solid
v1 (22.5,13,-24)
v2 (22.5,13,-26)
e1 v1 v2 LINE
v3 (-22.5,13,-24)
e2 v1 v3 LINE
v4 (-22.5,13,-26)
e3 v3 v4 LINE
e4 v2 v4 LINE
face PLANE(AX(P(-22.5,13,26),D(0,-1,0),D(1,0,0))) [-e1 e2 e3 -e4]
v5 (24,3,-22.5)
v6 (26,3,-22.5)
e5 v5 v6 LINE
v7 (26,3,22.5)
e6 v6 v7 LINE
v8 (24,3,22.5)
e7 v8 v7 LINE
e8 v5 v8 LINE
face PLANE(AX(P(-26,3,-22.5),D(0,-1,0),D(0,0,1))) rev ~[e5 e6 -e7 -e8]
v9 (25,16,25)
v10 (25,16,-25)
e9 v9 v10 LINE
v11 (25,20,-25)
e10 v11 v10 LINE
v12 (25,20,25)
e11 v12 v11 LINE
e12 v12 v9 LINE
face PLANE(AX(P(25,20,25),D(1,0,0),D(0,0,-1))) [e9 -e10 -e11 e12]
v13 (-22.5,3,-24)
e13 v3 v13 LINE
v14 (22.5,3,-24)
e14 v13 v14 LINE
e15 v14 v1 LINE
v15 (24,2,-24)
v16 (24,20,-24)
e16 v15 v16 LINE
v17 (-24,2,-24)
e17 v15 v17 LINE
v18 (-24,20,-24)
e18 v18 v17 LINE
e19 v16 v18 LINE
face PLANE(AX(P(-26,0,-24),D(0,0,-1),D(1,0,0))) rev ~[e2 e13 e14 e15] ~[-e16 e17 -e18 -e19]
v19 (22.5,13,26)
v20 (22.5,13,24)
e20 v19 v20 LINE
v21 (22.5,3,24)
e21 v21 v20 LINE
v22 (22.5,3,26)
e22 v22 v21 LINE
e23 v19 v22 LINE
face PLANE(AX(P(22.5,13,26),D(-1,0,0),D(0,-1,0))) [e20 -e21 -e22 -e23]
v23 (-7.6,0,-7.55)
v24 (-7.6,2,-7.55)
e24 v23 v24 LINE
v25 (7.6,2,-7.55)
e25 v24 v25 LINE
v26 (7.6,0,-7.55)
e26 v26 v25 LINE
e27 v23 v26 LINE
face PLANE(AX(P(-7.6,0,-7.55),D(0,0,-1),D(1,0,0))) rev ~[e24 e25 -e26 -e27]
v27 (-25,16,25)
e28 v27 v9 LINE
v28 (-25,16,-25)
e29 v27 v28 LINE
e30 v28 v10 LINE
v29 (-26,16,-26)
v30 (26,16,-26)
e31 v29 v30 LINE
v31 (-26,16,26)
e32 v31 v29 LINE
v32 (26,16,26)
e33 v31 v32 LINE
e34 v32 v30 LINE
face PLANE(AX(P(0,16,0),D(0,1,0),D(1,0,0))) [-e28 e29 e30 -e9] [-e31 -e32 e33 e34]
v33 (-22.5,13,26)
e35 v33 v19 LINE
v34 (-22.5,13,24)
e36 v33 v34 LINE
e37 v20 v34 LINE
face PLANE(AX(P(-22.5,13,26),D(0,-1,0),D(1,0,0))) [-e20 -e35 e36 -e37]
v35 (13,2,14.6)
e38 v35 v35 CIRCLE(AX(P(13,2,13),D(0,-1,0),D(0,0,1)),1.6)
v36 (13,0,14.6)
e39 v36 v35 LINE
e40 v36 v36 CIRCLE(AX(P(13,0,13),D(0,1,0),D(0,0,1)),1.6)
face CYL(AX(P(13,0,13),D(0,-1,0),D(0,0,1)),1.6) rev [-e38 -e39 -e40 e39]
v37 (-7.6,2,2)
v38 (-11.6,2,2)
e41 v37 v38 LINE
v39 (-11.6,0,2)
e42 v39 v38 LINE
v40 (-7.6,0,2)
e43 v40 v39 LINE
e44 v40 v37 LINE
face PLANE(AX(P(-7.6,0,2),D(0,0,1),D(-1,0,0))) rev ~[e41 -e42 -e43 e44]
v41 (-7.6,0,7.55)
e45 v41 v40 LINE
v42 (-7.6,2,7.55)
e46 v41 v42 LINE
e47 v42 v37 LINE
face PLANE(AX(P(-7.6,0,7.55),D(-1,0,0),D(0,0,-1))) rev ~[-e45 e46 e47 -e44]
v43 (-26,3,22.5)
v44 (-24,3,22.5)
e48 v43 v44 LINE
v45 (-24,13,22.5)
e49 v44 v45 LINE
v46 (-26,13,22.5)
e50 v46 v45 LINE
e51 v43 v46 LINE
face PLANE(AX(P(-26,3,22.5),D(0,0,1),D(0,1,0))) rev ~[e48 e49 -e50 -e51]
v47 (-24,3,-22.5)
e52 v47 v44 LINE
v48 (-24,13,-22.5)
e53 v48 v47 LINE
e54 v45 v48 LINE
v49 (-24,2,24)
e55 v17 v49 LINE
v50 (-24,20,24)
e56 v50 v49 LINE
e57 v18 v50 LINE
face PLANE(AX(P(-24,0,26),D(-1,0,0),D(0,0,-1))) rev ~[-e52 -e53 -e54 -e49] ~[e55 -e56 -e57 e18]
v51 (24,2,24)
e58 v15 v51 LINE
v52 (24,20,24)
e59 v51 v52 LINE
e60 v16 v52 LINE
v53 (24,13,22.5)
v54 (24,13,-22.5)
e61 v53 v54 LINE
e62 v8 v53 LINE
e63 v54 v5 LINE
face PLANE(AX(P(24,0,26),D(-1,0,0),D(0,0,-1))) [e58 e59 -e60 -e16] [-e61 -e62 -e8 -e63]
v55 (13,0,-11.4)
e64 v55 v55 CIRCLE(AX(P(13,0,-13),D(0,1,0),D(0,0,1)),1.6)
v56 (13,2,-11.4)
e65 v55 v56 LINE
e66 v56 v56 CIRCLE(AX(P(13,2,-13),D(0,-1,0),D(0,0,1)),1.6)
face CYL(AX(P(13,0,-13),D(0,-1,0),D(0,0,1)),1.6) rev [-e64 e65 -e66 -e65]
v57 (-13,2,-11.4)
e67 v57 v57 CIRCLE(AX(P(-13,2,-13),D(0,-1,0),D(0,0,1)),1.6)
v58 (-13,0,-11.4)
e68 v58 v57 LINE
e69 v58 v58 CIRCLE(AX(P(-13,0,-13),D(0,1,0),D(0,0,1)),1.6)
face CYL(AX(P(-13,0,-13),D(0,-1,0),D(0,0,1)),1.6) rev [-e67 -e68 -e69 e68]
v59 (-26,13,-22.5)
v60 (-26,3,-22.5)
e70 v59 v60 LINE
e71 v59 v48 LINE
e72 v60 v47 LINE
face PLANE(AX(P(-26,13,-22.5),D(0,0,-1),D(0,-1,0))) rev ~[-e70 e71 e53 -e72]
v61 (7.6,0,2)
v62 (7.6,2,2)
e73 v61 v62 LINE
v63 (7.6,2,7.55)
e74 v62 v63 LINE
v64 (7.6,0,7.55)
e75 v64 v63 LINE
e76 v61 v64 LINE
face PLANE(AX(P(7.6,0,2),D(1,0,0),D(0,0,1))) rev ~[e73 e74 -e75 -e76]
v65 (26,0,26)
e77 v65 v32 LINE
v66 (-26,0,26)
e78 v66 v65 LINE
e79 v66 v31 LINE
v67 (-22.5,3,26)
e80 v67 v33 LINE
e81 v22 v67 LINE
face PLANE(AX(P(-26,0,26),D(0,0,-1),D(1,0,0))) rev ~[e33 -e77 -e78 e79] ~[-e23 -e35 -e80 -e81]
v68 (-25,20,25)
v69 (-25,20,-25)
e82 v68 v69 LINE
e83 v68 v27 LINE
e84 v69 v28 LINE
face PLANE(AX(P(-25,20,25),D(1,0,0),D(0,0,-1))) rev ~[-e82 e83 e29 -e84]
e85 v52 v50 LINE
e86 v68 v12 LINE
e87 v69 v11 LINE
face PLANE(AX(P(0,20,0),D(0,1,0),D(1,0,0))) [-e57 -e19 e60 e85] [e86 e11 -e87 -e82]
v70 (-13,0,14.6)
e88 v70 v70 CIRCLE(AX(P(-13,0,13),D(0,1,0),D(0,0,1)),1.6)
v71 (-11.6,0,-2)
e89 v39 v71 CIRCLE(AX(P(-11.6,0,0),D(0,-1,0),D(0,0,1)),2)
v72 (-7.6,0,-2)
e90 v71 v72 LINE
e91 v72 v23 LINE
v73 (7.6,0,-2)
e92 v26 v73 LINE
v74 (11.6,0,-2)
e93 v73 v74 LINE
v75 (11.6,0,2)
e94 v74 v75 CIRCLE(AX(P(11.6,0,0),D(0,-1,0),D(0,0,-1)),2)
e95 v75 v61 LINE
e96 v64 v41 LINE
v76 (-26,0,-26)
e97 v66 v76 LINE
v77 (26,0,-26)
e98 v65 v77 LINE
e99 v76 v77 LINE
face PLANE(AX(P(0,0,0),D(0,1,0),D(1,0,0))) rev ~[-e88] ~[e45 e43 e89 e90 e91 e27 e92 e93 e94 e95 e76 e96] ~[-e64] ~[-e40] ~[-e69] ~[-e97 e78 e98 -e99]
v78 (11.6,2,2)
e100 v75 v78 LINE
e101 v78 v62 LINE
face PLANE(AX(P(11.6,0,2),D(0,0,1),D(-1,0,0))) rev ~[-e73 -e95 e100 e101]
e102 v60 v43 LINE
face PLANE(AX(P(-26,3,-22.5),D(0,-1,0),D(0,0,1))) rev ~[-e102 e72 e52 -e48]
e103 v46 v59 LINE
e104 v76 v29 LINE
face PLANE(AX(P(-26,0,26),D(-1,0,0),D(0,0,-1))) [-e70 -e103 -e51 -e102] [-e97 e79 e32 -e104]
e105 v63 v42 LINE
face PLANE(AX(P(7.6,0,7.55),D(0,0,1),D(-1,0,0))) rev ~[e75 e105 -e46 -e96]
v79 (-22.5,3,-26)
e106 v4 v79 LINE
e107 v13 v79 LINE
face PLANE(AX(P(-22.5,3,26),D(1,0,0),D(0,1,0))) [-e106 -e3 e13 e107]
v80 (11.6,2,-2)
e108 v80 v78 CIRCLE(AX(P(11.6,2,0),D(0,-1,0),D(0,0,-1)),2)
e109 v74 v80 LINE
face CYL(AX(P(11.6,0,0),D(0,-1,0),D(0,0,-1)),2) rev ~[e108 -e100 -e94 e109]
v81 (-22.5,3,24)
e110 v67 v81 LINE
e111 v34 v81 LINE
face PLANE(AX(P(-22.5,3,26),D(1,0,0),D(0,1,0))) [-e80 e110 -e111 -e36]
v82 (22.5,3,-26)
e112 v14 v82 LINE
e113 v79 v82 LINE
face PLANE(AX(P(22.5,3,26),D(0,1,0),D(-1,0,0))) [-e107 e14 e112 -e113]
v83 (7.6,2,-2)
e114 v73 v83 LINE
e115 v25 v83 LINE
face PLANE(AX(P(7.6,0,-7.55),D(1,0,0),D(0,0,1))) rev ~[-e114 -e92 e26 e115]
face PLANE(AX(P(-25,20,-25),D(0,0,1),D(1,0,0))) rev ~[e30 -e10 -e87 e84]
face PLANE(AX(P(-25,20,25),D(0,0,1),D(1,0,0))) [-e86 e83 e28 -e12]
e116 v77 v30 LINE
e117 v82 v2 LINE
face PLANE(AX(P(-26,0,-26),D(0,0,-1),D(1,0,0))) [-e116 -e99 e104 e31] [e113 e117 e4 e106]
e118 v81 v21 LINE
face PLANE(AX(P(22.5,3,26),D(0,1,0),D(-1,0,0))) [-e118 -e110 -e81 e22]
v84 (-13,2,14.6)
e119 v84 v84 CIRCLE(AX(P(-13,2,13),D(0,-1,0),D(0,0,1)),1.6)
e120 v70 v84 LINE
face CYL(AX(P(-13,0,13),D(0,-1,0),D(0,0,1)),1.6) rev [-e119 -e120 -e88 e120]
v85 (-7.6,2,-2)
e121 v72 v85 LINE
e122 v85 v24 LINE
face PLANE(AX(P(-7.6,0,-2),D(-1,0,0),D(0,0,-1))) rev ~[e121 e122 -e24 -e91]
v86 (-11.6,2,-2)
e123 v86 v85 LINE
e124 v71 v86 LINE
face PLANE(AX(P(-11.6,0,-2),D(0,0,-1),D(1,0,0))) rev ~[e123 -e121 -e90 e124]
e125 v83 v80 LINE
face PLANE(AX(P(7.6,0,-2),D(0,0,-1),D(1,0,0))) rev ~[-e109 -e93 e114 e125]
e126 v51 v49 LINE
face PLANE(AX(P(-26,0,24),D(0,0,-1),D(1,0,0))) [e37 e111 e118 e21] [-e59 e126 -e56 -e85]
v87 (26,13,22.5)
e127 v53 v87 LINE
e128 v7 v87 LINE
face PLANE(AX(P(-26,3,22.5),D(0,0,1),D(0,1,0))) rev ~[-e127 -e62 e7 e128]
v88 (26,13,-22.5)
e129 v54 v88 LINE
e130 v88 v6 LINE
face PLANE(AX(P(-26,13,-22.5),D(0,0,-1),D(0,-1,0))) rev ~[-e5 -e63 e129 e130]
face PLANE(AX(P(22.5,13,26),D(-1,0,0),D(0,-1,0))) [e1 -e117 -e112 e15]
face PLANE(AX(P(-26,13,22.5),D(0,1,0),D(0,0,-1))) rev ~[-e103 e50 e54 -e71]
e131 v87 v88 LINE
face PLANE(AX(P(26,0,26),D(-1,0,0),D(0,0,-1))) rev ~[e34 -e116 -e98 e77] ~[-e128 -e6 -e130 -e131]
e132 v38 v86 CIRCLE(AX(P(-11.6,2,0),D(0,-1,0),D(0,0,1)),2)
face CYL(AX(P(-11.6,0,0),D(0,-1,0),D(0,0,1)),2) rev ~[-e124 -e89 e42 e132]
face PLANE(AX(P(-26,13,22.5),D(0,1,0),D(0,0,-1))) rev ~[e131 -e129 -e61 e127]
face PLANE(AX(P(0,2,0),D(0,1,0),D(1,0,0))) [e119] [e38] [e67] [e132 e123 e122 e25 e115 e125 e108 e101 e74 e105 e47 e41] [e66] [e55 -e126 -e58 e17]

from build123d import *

# Parameters (mm, degrees)
SKETCH_1_W          = 52
SKETCH_1_H          = 52.00000000000001
SKETCH_1_W_2        = 32
SKETCH_1_H_2        = 32
SKETCH_1_R          = 1.6000000000000019
EXTRUDE_2_DEPTH     = 20
SHELL_6_T           = -2
SKETCH_3_W          = 52
SKETCH_3_H          = 52.00000000000001
SKETCH_3_W_2        = 50
SKETCH_3_H_2        = 50.00000000000001
CUT_EXTRUDE_5_DEPTH = 4
CUT_EXTRUDE_6_DEPTH = 62.4817045957576
CUT_EXTRUDE_7_DEPTH = 62.48170459575759


with BuildPart() as part:
    # 草图1 → 凸台-拉伸2 (new body)
    # profile 1 of 2: a face of its own
    with BuildSketch(Plane(origin=(0, 0, 0), x_dir=(1, 0, 0), z_dir=(0, 1, 0))):
        Rectangle(SKETCH_1_W, SKETCH_1_H)
        Rectangle(SKETCH_1_W_2, SKETCH_1_H_2, mode=Mode.SUBTRACT)
    # profile 2 of 2: a face of its own
    with BuildSketch(Plane(origin=(0, 0, 0), x_dir=(1, 0, 0), z_dir=(0, 1, 0))):
        Rectangle(SKETCH_1_W_2, SKETCH_1_H_2)
        with Locations(Location((-13.000000000000002, -13.000000000000002, 0), (0, 0, 270))):
            Circle(SKETCH_1_R, mode=Mode.SUBTRACT)
        with Locations(Location((13.000000000000009, -13.000000000000002, 0), (0, 0, 270))):
            Circle(SKETCH_1_R, mode=Mode.SUBTRACT)
        with Locations(Location((-13.000000000000002, 13.000000000000002, 0), (0, 0, 270))):
            Circle(SKETCH_1_R, mode=Mode.SUBTRACT)
        with BuildLine():
            Line((-7.599999999999996, -7.550000000000001), (-7.599999999999996, -1.9999999999999991))
            Line((-7.599999999999996, -1.9999999999999991), (-11.599999999999998, -1.9999999999999996))
            ThreePointArc((-11.599999999999998, -1.9999999999999996), (-13.599999999999998, 2.4e-16), (-11.599999999999998, 1.9999999999999996))
            Line((-11.599999999999998, 1.9999999999999996), (-7.599999999999996, 1.9999999999999991))
            Line((-7.599999999999996, 2), (-7.599999999999996, 7.549999999999999))
            Line((-7.599999999999996, 7.549999999999999), (7.600000000000003, 7.549999999999999))
            Line((7.600000000000004, 7.549999999999999), (7.600000000000004, 2))
            Line((7.600000000000002, 1.9999999999999991), (11.600000000000005, 1.9999999999999996))
            ThreePointArc((11.600000000000005, 1.9999999999999996), (13.0142135623731, 1.4142135623730947), (13.600000000000005, 0))
            ThreePointArc((13.600000000000005, -4.9e-16), (13.014213562373099, -1.4142135623730951), (11.600000000000005, -1.9999999999999996))
            Line((11.600000000000005, -1.9999999999999996), (7.600000000000002, -1.9999999999999991))
            Line((7.600000000000004, -1.9999999999999991), (7.600000000000004, -7.550000000000001))
            Line((7.600000000000003, -7.550000000000001), (-7.599999999999996, -7.550000000000001))
        make_face(mode=Mode.SUBTRACT)
        with Locations(Location((13.000000000000009, 13.000000000000002, 0), (0, 0, 270))):
            Circle(SKETCH_1_R, mode=Mode.SUBTRACT)
    extrude(amount=EXTRUDE_2_DEPTH)

    # 抽壳6
    shell_6_openings = [part.faces().sort_by_distance(p)[0] for p in [
        (-25.264608948, 20, 0),
        (-13, 10, 11.4),
        (13, 10, 11.4),
        (7.6, 10, -4.775),
        (0, 10, -7.55),
        (-7.6, 10, -4.775),
        (-9.6, 10, -2),
        (-13.6, 10, 0),
        (-9.6, 10, 2),
        (-7.6, 10, 4.775),
        (0, 10, 7.55),
        (7.6, 10, 4.775),
        (9.6, 10, 2),
        (13.6, 10, 0),
        (9.6, 10, -2),
        (-13, 10, -14.6),
        (13, 10, -14.6),
    ]]
    offset(amount=SHELL_6_T, openings=shell_6_openings, kind=Kind.INTERSECTION)

    # 草图3 → 切除-拉伸5 (cut)
    with BuildSketch(Plane(origin=(0, 20, 0), x_dir=(1, 0, 0), z_dir=(0, 1, 0))):
        Rectangle(SKETCH_3_W, SKETCH_3_H)
        Rectangle(SKETCH_3_W_2, SKETCH_3_H_2, mode=Mode.SUBTRACT)
    extrude(amount=-CUT_EXTRUDE_5_DEPTH, mode=Mode.SUBTRACT)

    # 草图4 → 切除-拉伸6 (cut, through all)
    with BuildSketch(Plane.XY.offset(26.000000000000004)):
        Polygon((22.499999999999993, 3.0000000000000044), (-22.500000000000007, 2.999999999999999), (-22.500000000000007, 13), (22.499999999999993, 13.000000000000007), align=None)
    extrude(amount=-CUT_EXTRUDE_6_DEPTH, mode=Mode.SUBTRACT)

    # 草图5 → 切除-拉伸7 (cut, through all)
    with BuildSketch(Plane.ZY.offset(25.999999999999996)):
        Polygon((0, 8), (0, 13), (-22.500000000000007, 12.999999999999996), (-22.500000000000007, 8), align=None)
        Polygon((22.499999999999993, 13.000000000000004), (0, 13), (0, 8), (22.499999999999996, 8), align=None)
        Polygon((22.499999999999996, 8), (0, 8), (0, 2.9999999999999982), (22.499999999999993, 3.000000000000001), align=None)
        Polygon((0, 2.9999999999999982), (0, 8), (-22.500000000000007, 8), (-22.500000000000007, 2.9999999999999956), align=None)
    extrude(amount=-CUT_EXTRUDE_7_DEPTH, mode=Mode.SUBTRACT)


solid = part.part
